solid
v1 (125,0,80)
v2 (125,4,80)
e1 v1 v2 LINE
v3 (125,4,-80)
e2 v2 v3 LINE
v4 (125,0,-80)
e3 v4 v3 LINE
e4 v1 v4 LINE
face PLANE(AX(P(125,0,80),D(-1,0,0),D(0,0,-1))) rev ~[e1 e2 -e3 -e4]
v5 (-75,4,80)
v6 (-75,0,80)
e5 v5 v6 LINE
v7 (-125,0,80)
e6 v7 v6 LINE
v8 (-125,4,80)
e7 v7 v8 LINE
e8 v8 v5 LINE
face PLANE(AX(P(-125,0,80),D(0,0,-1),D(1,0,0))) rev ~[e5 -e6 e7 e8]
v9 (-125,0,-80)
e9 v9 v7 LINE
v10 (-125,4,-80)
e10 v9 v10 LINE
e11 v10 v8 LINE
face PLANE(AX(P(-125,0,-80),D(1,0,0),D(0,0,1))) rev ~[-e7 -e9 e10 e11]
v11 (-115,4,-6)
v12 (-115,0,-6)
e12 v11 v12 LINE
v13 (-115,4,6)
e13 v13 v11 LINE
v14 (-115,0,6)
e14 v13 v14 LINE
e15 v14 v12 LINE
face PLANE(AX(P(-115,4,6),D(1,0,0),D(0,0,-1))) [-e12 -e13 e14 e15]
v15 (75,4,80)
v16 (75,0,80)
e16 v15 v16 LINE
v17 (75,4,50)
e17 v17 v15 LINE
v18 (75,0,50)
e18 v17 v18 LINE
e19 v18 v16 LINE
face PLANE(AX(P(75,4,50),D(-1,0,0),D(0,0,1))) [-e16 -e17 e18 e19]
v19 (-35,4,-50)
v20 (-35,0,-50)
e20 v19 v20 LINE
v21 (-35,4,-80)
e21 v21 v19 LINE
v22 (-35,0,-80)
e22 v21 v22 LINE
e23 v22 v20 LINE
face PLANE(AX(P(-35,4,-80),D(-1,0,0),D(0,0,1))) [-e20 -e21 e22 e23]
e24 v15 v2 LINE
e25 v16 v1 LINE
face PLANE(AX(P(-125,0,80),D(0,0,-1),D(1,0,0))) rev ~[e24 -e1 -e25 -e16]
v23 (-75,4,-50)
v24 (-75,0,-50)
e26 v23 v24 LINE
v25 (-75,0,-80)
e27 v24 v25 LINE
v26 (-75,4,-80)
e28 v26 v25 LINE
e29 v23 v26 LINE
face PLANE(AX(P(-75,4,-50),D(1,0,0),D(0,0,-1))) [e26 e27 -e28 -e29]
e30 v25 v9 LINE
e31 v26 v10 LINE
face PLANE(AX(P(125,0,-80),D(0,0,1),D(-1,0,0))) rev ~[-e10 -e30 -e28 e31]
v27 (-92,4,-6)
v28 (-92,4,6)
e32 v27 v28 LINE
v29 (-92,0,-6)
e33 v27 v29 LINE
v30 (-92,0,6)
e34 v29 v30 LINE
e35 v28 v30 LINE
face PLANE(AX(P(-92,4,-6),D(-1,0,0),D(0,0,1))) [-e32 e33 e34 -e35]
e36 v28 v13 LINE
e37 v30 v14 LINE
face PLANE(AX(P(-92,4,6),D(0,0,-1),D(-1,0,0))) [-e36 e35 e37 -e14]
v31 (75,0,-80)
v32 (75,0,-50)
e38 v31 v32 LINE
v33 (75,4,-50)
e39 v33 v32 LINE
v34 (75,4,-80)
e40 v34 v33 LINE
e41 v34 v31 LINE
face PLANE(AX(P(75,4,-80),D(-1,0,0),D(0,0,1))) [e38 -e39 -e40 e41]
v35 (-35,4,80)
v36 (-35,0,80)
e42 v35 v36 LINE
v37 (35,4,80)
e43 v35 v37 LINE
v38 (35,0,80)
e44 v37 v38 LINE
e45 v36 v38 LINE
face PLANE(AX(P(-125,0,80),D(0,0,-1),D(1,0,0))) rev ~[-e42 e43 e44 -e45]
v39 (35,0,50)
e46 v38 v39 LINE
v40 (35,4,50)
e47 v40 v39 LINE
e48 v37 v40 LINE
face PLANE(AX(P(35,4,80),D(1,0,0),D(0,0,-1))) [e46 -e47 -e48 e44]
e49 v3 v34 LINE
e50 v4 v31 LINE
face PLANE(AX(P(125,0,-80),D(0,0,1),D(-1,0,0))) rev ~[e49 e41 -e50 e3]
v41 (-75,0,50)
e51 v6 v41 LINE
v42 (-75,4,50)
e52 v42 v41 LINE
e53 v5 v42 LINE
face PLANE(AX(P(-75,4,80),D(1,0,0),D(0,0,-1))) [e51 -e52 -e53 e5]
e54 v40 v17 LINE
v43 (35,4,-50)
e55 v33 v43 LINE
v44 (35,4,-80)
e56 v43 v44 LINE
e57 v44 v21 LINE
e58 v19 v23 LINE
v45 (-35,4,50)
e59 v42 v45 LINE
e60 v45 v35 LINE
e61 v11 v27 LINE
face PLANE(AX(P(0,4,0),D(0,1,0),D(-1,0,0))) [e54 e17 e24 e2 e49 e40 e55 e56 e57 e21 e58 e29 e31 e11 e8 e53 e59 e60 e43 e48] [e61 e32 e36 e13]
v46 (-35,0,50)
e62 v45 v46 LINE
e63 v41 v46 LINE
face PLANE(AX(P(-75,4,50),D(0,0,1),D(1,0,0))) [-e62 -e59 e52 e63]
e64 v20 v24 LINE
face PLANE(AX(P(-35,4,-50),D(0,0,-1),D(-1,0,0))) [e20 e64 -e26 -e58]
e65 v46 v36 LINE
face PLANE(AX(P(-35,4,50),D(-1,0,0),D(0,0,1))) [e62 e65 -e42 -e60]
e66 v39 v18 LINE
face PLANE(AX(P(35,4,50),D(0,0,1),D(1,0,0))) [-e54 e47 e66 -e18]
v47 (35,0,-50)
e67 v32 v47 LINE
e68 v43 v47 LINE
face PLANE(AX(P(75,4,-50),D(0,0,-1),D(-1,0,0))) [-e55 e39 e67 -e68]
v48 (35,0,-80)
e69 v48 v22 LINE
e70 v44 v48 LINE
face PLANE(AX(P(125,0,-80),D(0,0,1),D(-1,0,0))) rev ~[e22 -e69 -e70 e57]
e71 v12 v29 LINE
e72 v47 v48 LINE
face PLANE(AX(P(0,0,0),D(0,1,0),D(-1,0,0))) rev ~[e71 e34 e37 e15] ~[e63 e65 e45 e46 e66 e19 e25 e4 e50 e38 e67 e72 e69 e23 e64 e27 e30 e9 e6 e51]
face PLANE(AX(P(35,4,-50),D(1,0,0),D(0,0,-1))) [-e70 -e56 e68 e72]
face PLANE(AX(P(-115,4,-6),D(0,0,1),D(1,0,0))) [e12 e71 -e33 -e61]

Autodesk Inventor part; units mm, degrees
ref_plane "YZ Plane" through (0, 0, 0) normal (1, 0, 0) x (0, 1, 0)
ref_plane "XZ Plane" through (0, 0, 0) normal (0, 1, 0) x (-1, 0, 0)
ref_plane "XY Plane" through (0, 0, 0) normal (0, 0, 1) x (1, 0, 0)
sketch "Sketch1" plane through (0, 0, 0) normal (0, 1, 0) x (-1, 0, 0)
  point P0 (0, 0)
sketch "Sketch2" plane through (0, 0, 0) normal (0, 1, 0) x (-1, 0, 0)
  line L0 (125, 80) -> (-125, 80)
  line L1 (-125, 80) -> (-125, -80)
  line L2 (-125, -80) -> (125, -80)
  line L3 (125, -80) -> (125, 80)
  point P0 (0, 0)
  dimension "d0" = 250
  dimension "d1" = 160
  dimension "d2" = 80
  dimension "d3" = 125
extrude "Extrusion1" add sketch "Sketch2" along normal blind 4
sketch "Sketch3" plane through (0, 4, 0) normal (0, 1, 0) x (1, 0, 0)
  line L0 (-75, 80) -> (-35, 80)
  line L1 (-35, 80) -> (-35, 50)
  line L2 (-35, 50) -> (-75, 50)
  line L3 (-75, 50) -> (-75, 80)
  line L4 (125, 80) -> (-125, 80) projected
  line L5 (35, 80) -> (75, 80)
  line L6 (75, 80) -> (75, 50)
  line L7 (75, 50) -> (35, 50)
  line L8 (35, 50) -> (35, 80)
  line L9 (319.9785, -5.3403) -> (359.9785, -5.3403)
  line L10 (359.9785, -5.3403) -> (359.9785, -35.3403)
  line L11 (359.9785, -35.3403) -> (319.9785, -35.3403)
  line L12 (319.9785, -35.3403) -> (319.9785, -5.3403)
  line L13 (-75, -50) -> (-35, -50)
  line L14 (-35, -50) -> (-35, -80)
  line L15 (-35, -80) -> (-75, -80)
  line L16 (-75, -80) -> (-75, -50)
  line L17 (35, -50) -> (75, -50)
  line L18 (75, -50) -> (75, -80)
  line L19 (75, -80) -> (35, -80)
  line L20 (35, -80) -> (35, -50)
  line L21 (-125, -80) -> (125, -80) projected
  line L22 (-125, 80) -> (-125, -80) projected
  line L23 (-115, 6) -> (-92, 6)
  line L24 (-92, 6) -> (-92, -6)
  line L25 (-92, -6) -> (-115, -6)
  line L26 (-115, -6) -> (-115, 6)
  point P0 (0, 0)
  point P1 (-35, 65)
  point P2 (-75, 65)
  point P3 (-55, 80)
  point P4 (75, 65)
  point P5 (160.9592, -18.931)
  point P6 (359.9785, -20.3403)
  point P7 (72.8179, -60.7416)
  point P8 (-35, -65)
  point P9 (-133.4102, -90.6871)
  point P10 (75, -65)
  point P11 (55, 80)
  point P12 (35, 65)
  point P13 (35, -65)
  point P14 (55, -80)
  point P15 (-75, -65)
  point P16 (-103.5, -6)
  point P17 (-103.5, 6)
  point P18 (-115, 0)
  point P19 (-92, 0)
  point P20 (-125, 0)
  dimension "d6" = 30
  dimension "d7" = 40
  dimension "d8" = 35
  dimension "d9" = 0
  dimension "d10" = 40
  dimension "d11" = 30
  dimension "d12" = 40
  dimension "d13" = 30
  dimension "d14" = 40
  dimension "d15" = 30
  dimension "d16" = 40
  dimension "d17" = 30
  dimension "d18" = 0
  dimension "d19" = 35
  dimension "d20" = 35
  dimension "d21" = 0
  dimension "d22" = 50
  dimension "d23" = 0
  dimension "d24" = 12
  dimension "d25" = 0
  dimension "d26" = 23
  dimension "d27" = 10
extrude "Extrusion2" cut sketch "Sketch3" against normal blind 10 contours L4 L6 L7 L8 | L0 L1 L2 L3 | L20 L17 L18 L19 | L16 L13 L14 L15 | L23 L24 L25 L26
sketch "Sketch4" plane through (0, 4, 0) normal (0, 1, 0) x (1, 0, 0)
  point P0 (0, 0)
properties part number "Acrylic bottom"
